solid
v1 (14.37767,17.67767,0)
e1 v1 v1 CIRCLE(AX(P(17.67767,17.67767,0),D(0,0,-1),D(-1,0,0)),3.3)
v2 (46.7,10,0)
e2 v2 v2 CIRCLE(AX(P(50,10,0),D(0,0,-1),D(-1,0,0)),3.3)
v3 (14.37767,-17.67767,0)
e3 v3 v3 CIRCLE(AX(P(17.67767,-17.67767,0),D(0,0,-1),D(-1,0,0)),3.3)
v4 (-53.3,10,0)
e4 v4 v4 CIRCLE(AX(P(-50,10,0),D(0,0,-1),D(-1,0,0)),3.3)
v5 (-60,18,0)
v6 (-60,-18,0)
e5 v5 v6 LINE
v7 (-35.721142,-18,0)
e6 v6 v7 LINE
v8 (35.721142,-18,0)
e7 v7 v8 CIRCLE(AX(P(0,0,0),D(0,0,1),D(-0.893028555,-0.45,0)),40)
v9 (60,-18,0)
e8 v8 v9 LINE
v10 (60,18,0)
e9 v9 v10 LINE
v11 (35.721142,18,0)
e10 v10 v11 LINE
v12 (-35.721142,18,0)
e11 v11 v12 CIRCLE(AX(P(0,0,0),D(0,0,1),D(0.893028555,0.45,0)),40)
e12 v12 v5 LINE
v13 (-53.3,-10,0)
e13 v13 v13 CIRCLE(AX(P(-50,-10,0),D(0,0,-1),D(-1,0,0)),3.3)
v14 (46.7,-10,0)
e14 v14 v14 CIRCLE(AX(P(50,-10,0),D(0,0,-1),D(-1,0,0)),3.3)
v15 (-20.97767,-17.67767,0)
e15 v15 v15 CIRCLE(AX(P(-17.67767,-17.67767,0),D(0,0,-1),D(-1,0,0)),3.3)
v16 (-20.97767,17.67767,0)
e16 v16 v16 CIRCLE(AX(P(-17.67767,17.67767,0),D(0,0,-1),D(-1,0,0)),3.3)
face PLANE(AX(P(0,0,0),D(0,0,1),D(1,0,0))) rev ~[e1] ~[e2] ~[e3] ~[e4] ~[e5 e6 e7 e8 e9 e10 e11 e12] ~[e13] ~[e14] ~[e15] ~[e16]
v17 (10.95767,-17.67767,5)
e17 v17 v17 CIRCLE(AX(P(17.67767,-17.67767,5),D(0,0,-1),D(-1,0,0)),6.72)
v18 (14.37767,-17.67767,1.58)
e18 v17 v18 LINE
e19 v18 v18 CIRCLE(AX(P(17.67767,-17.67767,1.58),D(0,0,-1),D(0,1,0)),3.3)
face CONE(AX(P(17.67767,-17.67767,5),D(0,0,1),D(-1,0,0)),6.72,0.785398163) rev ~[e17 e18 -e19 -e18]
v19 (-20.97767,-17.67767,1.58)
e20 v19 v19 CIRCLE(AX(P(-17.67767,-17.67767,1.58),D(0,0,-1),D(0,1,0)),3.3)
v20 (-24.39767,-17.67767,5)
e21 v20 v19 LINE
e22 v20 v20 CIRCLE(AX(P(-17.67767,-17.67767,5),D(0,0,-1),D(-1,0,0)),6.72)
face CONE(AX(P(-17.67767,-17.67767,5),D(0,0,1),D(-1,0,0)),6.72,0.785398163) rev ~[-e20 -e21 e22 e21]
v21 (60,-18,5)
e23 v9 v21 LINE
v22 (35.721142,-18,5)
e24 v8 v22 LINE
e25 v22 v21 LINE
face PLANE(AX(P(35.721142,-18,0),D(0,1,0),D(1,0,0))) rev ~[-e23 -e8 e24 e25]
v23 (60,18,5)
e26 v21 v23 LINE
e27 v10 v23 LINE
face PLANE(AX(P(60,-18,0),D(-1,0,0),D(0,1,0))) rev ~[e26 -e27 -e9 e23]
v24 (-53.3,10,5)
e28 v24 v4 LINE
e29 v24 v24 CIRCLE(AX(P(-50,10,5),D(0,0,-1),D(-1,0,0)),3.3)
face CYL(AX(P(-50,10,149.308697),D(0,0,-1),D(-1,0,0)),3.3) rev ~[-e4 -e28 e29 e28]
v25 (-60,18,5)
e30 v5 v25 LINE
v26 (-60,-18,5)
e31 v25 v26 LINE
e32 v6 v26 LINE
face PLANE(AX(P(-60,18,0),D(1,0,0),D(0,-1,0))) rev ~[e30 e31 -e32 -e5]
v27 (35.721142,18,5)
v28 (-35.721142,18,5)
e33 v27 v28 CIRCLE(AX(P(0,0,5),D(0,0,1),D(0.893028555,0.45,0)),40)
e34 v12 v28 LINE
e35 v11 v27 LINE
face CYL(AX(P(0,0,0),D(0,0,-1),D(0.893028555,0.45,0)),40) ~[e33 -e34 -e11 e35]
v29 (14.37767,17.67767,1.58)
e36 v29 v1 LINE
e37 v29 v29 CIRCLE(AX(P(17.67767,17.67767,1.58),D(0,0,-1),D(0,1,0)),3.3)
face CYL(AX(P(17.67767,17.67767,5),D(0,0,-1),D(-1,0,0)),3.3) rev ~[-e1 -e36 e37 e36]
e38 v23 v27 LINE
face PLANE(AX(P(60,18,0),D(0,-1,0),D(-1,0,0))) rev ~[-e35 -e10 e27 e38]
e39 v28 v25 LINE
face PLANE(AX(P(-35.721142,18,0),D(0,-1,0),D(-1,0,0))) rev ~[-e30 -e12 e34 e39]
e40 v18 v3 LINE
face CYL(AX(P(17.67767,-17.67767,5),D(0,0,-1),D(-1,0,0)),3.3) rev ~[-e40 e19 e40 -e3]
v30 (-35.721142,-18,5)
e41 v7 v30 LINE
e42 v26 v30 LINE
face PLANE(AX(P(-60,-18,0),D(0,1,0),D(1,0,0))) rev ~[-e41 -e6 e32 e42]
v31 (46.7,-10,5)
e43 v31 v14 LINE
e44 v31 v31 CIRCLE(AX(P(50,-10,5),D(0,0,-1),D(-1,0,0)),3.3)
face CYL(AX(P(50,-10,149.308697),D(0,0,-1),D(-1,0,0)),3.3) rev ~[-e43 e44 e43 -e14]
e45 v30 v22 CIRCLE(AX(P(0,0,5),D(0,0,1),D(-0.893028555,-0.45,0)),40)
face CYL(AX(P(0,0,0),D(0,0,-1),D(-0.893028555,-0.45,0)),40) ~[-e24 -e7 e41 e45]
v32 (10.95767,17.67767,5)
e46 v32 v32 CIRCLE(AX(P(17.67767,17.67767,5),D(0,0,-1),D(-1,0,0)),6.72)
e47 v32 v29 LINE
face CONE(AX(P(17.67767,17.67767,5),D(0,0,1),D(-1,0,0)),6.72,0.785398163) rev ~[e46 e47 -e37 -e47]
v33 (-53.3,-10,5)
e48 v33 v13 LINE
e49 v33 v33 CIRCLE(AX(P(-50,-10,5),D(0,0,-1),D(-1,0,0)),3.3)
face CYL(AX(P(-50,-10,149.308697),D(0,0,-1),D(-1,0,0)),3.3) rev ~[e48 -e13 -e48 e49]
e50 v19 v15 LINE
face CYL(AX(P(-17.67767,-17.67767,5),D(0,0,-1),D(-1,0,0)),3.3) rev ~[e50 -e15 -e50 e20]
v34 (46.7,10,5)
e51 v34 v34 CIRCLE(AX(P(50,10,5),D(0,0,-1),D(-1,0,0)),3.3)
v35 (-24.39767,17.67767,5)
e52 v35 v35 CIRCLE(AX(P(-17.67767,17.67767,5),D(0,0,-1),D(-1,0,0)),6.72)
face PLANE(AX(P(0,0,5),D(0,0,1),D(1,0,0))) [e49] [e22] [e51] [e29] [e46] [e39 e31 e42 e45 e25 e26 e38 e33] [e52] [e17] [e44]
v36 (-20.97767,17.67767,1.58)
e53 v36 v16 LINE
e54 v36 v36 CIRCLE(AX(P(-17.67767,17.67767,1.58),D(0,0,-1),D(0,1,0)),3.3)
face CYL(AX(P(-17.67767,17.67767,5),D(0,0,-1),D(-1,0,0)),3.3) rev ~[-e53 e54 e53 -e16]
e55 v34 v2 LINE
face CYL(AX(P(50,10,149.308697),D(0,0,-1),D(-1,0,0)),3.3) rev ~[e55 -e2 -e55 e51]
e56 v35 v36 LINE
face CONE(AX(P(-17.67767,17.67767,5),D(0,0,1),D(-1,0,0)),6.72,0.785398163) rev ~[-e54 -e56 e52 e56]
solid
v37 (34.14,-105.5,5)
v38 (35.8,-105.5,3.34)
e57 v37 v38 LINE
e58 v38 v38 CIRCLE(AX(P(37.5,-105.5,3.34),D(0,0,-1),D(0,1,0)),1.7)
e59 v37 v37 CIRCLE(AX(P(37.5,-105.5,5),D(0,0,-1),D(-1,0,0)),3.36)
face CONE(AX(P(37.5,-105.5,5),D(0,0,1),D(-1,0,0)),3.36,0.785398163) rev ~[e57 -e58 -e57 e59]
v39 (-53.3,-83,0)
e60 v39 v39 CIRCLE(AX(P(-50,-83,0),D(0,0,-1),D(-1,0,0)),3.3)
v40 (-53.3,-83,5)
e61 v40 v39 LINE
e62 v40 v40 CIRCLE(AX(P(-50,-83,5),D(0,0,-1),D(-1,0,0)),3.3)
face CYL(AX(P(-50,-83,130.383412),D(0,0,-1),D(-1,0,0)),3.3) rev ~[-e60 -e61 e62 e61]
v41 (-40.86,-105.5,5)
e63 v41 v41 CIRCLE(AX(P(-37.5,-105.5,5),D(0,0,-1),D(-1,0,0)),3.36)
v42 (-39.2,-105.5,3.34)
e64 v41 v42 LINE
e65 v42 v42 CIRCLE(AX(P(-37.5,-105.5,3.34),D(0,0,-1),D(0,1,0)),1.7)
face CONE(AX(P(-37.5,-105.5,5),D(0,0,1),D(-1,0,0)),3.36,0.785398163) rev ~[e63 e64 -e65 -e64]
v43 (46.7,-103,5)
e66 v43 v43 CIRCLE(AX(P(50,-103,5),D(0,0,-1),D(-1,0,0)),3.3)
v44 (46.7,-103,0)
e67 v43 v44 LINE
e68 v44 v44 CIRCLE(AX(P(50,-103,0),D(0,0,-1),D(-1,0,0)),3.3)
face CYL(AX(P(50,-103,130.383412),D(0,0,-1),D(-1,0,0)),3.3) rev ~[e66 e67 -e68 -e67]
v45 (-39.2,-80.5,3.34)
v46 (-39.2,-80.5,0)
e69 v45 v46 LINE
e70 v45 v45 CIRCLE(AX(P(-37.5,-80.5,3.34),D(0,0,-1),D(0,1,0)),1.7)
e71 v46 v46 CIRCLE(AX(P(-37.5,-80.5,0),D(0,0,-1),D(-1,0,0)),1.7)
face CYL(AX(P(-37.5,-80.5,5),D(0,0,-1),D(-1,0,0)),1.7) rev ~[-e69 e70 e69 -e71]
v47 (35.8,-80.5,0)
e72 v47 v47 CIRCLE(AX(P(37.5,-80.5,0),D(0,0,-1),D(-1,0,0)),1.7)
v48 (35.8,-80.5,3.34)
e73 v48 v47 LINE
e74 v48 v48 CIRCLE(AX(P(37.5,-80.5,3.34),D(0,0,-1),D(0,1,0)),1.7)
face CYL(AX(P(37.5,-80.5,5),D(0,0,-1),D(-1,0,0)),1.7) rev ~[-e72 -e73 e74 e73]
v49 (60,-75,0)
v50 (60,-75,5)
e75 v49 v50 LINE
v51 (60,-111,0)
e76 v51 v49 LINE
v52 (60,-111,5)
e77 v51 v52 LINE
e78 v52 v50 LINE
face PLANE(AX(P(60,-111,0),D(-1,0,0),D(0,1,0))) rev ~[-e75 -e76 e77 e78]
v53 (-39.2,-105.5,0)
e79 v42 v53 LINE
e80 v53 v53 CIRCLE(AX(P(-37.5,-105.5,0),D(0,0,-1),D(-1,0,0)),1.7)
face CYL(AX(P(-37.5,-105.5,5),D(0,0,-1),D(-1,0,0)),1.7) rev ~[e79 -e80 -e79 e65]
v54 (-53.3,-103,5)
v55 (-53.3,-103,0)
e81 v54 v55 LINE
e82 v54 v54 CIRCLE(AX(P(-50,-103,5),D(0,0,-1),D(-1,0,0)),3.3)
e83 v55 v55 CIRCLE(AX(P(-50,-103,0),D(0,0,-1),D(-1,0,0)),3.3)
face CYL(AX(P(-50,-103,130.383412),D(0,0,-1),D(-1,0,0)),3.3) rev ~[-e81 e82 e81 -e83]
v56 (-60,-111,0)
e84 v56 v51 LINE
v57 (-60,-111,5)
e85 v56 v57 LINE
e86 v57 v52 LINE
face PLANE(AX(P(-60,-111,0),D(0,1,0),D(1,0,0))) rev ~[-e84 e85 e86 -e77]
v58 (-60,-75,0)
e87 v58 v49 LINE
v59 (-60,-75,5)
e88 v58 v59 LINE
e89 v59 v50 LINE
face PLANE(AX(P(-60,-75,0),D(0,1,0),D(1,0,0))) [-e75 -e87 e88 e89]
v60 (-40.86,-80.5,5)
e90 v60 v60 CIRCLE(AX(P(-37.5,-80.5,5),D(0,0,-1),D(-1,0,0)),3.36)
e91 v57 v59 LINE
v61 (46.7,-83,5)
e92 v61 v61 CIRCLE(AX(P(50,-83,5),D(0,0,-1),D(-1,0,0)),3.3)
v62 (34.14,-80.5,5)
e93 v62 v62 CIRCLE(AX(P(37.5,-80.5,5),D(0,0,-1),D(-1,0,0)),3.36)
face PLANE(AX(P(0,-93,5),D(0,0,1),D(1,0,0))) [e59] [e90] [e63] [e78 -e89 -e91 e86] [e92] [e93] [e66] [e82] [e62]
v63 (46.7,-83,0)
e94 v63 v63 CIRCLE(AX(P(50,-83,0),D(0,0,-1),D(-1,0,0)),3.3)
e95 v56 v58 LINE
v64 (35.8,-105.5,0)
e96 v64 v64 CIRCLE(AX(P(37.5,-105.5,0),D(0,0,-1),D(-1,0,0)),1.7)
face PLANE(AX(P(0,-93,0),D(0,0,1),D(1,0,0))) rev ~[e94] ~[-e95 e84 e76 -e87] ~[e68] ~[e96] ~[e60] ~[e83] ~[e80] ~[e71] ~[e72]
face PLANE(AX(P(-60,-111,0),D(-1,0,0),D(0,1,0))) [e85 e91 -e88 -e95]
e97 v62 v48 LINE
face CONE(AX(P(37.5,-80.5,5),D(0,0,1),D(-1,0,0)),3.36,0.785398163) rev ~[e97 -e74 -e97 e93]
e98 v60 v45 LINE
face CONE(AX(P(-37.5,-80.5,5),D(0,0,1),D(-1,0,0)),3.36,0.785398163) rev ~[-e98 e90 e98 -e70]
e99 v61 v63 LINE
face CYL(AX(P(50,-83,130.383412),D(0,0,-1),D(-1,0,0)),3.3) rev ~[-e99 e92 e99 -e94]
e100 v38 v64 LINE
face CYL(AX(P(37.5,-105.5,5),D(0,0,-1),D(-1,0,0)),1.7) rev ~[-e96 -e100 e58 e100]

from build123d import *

# Parameters (mm, degrees)
F1_DEPTH       = 5
F3_D           = 6.6
F3_CSINK_D     = 13.44
F3_CSINK_ANGLE = 90
F5_D           = 6.6
F6_W           = 120
F6_H           = 36
F7_DEPTH       = 5
F9_D           = 3.4
F9_CSINK_D     = 6.72
F9_CSINK_ANGLE = 90
F11_D          = 6.6


with BuildPart() as f1:
    # F0 (on Top) → F1 (new body)
    with BuildSketch(Plane.XY):
        with BuildLine():
            Line((-60, 18), (-60, 0))
            Line((-60, 0), (-60, -18))
            Line((-60, -18), (-35.721142199, -18))
            ThreePointArc((-35.721142199, -18), (0, -40), (35.721142199, -18))
            Line((35.721142199, -18), (60, -18))
            Line((60, -18), (60, 0))
            Line((60, 0), (60, 18))
            Line((60, 18), (35.721142199, 18))
            ThreePointArc((35.721142199, 18), (0, 40), (-35.721142199, 18))
            Line((-35.721142199, 18), (-60, 18))
        make_face()
    extrude(amount=F1_DEPTH)

    # F3 (through all)
    with Locations(Plane.XY.offset(5)):
        with Locations((-17.6776695297, 17.6776695297), (17.6776695297, 17.6776695297), (17.6776695297, -17.6776695297), (-17.6776695297, -17.6776695297)):
            CounterSinkHole(F3_D / 2, F3_CSINK_D / 2, counter_sink_angle=F3_CSINK_ANGLE)

    # F5 (through all)
    with Locations(Plane.XY.offset(5)):
        with Locations((-50, 10), (-50, -10), (50, -10), (50, 10)):
            Hole(F5_D / 2)


with BuildPart() as f7:
    # F6 (on Top) → F7 (new body)
    with BuildSketch(Plane.XY):
        with Locations((0, -93)):
            Rectangle(F6_W, F6_H)
    extrude(amount=F7_DEPTH)

    # F9 (through all)
    with Locations(Plane.XY.offset(5)):
        with Locations((-37.5, -80.5), (37.5, -80.5), (37.5, -105.5), (-37.5, -105.5)):
            CounterSinkHole(F9_D / 2, F9_CSINK_D / 2, counter_sink_angle=F9_CSINK_ANGLE)

    # F11 (through all)
    with Locations(Plane.XY.offset(5)):
        with Locations((-50, -83), (-50, -103), (50, -83), (50, -103)):
            Hole(F11_D / 2)


solid = Compound([f1.part, f7.part])
